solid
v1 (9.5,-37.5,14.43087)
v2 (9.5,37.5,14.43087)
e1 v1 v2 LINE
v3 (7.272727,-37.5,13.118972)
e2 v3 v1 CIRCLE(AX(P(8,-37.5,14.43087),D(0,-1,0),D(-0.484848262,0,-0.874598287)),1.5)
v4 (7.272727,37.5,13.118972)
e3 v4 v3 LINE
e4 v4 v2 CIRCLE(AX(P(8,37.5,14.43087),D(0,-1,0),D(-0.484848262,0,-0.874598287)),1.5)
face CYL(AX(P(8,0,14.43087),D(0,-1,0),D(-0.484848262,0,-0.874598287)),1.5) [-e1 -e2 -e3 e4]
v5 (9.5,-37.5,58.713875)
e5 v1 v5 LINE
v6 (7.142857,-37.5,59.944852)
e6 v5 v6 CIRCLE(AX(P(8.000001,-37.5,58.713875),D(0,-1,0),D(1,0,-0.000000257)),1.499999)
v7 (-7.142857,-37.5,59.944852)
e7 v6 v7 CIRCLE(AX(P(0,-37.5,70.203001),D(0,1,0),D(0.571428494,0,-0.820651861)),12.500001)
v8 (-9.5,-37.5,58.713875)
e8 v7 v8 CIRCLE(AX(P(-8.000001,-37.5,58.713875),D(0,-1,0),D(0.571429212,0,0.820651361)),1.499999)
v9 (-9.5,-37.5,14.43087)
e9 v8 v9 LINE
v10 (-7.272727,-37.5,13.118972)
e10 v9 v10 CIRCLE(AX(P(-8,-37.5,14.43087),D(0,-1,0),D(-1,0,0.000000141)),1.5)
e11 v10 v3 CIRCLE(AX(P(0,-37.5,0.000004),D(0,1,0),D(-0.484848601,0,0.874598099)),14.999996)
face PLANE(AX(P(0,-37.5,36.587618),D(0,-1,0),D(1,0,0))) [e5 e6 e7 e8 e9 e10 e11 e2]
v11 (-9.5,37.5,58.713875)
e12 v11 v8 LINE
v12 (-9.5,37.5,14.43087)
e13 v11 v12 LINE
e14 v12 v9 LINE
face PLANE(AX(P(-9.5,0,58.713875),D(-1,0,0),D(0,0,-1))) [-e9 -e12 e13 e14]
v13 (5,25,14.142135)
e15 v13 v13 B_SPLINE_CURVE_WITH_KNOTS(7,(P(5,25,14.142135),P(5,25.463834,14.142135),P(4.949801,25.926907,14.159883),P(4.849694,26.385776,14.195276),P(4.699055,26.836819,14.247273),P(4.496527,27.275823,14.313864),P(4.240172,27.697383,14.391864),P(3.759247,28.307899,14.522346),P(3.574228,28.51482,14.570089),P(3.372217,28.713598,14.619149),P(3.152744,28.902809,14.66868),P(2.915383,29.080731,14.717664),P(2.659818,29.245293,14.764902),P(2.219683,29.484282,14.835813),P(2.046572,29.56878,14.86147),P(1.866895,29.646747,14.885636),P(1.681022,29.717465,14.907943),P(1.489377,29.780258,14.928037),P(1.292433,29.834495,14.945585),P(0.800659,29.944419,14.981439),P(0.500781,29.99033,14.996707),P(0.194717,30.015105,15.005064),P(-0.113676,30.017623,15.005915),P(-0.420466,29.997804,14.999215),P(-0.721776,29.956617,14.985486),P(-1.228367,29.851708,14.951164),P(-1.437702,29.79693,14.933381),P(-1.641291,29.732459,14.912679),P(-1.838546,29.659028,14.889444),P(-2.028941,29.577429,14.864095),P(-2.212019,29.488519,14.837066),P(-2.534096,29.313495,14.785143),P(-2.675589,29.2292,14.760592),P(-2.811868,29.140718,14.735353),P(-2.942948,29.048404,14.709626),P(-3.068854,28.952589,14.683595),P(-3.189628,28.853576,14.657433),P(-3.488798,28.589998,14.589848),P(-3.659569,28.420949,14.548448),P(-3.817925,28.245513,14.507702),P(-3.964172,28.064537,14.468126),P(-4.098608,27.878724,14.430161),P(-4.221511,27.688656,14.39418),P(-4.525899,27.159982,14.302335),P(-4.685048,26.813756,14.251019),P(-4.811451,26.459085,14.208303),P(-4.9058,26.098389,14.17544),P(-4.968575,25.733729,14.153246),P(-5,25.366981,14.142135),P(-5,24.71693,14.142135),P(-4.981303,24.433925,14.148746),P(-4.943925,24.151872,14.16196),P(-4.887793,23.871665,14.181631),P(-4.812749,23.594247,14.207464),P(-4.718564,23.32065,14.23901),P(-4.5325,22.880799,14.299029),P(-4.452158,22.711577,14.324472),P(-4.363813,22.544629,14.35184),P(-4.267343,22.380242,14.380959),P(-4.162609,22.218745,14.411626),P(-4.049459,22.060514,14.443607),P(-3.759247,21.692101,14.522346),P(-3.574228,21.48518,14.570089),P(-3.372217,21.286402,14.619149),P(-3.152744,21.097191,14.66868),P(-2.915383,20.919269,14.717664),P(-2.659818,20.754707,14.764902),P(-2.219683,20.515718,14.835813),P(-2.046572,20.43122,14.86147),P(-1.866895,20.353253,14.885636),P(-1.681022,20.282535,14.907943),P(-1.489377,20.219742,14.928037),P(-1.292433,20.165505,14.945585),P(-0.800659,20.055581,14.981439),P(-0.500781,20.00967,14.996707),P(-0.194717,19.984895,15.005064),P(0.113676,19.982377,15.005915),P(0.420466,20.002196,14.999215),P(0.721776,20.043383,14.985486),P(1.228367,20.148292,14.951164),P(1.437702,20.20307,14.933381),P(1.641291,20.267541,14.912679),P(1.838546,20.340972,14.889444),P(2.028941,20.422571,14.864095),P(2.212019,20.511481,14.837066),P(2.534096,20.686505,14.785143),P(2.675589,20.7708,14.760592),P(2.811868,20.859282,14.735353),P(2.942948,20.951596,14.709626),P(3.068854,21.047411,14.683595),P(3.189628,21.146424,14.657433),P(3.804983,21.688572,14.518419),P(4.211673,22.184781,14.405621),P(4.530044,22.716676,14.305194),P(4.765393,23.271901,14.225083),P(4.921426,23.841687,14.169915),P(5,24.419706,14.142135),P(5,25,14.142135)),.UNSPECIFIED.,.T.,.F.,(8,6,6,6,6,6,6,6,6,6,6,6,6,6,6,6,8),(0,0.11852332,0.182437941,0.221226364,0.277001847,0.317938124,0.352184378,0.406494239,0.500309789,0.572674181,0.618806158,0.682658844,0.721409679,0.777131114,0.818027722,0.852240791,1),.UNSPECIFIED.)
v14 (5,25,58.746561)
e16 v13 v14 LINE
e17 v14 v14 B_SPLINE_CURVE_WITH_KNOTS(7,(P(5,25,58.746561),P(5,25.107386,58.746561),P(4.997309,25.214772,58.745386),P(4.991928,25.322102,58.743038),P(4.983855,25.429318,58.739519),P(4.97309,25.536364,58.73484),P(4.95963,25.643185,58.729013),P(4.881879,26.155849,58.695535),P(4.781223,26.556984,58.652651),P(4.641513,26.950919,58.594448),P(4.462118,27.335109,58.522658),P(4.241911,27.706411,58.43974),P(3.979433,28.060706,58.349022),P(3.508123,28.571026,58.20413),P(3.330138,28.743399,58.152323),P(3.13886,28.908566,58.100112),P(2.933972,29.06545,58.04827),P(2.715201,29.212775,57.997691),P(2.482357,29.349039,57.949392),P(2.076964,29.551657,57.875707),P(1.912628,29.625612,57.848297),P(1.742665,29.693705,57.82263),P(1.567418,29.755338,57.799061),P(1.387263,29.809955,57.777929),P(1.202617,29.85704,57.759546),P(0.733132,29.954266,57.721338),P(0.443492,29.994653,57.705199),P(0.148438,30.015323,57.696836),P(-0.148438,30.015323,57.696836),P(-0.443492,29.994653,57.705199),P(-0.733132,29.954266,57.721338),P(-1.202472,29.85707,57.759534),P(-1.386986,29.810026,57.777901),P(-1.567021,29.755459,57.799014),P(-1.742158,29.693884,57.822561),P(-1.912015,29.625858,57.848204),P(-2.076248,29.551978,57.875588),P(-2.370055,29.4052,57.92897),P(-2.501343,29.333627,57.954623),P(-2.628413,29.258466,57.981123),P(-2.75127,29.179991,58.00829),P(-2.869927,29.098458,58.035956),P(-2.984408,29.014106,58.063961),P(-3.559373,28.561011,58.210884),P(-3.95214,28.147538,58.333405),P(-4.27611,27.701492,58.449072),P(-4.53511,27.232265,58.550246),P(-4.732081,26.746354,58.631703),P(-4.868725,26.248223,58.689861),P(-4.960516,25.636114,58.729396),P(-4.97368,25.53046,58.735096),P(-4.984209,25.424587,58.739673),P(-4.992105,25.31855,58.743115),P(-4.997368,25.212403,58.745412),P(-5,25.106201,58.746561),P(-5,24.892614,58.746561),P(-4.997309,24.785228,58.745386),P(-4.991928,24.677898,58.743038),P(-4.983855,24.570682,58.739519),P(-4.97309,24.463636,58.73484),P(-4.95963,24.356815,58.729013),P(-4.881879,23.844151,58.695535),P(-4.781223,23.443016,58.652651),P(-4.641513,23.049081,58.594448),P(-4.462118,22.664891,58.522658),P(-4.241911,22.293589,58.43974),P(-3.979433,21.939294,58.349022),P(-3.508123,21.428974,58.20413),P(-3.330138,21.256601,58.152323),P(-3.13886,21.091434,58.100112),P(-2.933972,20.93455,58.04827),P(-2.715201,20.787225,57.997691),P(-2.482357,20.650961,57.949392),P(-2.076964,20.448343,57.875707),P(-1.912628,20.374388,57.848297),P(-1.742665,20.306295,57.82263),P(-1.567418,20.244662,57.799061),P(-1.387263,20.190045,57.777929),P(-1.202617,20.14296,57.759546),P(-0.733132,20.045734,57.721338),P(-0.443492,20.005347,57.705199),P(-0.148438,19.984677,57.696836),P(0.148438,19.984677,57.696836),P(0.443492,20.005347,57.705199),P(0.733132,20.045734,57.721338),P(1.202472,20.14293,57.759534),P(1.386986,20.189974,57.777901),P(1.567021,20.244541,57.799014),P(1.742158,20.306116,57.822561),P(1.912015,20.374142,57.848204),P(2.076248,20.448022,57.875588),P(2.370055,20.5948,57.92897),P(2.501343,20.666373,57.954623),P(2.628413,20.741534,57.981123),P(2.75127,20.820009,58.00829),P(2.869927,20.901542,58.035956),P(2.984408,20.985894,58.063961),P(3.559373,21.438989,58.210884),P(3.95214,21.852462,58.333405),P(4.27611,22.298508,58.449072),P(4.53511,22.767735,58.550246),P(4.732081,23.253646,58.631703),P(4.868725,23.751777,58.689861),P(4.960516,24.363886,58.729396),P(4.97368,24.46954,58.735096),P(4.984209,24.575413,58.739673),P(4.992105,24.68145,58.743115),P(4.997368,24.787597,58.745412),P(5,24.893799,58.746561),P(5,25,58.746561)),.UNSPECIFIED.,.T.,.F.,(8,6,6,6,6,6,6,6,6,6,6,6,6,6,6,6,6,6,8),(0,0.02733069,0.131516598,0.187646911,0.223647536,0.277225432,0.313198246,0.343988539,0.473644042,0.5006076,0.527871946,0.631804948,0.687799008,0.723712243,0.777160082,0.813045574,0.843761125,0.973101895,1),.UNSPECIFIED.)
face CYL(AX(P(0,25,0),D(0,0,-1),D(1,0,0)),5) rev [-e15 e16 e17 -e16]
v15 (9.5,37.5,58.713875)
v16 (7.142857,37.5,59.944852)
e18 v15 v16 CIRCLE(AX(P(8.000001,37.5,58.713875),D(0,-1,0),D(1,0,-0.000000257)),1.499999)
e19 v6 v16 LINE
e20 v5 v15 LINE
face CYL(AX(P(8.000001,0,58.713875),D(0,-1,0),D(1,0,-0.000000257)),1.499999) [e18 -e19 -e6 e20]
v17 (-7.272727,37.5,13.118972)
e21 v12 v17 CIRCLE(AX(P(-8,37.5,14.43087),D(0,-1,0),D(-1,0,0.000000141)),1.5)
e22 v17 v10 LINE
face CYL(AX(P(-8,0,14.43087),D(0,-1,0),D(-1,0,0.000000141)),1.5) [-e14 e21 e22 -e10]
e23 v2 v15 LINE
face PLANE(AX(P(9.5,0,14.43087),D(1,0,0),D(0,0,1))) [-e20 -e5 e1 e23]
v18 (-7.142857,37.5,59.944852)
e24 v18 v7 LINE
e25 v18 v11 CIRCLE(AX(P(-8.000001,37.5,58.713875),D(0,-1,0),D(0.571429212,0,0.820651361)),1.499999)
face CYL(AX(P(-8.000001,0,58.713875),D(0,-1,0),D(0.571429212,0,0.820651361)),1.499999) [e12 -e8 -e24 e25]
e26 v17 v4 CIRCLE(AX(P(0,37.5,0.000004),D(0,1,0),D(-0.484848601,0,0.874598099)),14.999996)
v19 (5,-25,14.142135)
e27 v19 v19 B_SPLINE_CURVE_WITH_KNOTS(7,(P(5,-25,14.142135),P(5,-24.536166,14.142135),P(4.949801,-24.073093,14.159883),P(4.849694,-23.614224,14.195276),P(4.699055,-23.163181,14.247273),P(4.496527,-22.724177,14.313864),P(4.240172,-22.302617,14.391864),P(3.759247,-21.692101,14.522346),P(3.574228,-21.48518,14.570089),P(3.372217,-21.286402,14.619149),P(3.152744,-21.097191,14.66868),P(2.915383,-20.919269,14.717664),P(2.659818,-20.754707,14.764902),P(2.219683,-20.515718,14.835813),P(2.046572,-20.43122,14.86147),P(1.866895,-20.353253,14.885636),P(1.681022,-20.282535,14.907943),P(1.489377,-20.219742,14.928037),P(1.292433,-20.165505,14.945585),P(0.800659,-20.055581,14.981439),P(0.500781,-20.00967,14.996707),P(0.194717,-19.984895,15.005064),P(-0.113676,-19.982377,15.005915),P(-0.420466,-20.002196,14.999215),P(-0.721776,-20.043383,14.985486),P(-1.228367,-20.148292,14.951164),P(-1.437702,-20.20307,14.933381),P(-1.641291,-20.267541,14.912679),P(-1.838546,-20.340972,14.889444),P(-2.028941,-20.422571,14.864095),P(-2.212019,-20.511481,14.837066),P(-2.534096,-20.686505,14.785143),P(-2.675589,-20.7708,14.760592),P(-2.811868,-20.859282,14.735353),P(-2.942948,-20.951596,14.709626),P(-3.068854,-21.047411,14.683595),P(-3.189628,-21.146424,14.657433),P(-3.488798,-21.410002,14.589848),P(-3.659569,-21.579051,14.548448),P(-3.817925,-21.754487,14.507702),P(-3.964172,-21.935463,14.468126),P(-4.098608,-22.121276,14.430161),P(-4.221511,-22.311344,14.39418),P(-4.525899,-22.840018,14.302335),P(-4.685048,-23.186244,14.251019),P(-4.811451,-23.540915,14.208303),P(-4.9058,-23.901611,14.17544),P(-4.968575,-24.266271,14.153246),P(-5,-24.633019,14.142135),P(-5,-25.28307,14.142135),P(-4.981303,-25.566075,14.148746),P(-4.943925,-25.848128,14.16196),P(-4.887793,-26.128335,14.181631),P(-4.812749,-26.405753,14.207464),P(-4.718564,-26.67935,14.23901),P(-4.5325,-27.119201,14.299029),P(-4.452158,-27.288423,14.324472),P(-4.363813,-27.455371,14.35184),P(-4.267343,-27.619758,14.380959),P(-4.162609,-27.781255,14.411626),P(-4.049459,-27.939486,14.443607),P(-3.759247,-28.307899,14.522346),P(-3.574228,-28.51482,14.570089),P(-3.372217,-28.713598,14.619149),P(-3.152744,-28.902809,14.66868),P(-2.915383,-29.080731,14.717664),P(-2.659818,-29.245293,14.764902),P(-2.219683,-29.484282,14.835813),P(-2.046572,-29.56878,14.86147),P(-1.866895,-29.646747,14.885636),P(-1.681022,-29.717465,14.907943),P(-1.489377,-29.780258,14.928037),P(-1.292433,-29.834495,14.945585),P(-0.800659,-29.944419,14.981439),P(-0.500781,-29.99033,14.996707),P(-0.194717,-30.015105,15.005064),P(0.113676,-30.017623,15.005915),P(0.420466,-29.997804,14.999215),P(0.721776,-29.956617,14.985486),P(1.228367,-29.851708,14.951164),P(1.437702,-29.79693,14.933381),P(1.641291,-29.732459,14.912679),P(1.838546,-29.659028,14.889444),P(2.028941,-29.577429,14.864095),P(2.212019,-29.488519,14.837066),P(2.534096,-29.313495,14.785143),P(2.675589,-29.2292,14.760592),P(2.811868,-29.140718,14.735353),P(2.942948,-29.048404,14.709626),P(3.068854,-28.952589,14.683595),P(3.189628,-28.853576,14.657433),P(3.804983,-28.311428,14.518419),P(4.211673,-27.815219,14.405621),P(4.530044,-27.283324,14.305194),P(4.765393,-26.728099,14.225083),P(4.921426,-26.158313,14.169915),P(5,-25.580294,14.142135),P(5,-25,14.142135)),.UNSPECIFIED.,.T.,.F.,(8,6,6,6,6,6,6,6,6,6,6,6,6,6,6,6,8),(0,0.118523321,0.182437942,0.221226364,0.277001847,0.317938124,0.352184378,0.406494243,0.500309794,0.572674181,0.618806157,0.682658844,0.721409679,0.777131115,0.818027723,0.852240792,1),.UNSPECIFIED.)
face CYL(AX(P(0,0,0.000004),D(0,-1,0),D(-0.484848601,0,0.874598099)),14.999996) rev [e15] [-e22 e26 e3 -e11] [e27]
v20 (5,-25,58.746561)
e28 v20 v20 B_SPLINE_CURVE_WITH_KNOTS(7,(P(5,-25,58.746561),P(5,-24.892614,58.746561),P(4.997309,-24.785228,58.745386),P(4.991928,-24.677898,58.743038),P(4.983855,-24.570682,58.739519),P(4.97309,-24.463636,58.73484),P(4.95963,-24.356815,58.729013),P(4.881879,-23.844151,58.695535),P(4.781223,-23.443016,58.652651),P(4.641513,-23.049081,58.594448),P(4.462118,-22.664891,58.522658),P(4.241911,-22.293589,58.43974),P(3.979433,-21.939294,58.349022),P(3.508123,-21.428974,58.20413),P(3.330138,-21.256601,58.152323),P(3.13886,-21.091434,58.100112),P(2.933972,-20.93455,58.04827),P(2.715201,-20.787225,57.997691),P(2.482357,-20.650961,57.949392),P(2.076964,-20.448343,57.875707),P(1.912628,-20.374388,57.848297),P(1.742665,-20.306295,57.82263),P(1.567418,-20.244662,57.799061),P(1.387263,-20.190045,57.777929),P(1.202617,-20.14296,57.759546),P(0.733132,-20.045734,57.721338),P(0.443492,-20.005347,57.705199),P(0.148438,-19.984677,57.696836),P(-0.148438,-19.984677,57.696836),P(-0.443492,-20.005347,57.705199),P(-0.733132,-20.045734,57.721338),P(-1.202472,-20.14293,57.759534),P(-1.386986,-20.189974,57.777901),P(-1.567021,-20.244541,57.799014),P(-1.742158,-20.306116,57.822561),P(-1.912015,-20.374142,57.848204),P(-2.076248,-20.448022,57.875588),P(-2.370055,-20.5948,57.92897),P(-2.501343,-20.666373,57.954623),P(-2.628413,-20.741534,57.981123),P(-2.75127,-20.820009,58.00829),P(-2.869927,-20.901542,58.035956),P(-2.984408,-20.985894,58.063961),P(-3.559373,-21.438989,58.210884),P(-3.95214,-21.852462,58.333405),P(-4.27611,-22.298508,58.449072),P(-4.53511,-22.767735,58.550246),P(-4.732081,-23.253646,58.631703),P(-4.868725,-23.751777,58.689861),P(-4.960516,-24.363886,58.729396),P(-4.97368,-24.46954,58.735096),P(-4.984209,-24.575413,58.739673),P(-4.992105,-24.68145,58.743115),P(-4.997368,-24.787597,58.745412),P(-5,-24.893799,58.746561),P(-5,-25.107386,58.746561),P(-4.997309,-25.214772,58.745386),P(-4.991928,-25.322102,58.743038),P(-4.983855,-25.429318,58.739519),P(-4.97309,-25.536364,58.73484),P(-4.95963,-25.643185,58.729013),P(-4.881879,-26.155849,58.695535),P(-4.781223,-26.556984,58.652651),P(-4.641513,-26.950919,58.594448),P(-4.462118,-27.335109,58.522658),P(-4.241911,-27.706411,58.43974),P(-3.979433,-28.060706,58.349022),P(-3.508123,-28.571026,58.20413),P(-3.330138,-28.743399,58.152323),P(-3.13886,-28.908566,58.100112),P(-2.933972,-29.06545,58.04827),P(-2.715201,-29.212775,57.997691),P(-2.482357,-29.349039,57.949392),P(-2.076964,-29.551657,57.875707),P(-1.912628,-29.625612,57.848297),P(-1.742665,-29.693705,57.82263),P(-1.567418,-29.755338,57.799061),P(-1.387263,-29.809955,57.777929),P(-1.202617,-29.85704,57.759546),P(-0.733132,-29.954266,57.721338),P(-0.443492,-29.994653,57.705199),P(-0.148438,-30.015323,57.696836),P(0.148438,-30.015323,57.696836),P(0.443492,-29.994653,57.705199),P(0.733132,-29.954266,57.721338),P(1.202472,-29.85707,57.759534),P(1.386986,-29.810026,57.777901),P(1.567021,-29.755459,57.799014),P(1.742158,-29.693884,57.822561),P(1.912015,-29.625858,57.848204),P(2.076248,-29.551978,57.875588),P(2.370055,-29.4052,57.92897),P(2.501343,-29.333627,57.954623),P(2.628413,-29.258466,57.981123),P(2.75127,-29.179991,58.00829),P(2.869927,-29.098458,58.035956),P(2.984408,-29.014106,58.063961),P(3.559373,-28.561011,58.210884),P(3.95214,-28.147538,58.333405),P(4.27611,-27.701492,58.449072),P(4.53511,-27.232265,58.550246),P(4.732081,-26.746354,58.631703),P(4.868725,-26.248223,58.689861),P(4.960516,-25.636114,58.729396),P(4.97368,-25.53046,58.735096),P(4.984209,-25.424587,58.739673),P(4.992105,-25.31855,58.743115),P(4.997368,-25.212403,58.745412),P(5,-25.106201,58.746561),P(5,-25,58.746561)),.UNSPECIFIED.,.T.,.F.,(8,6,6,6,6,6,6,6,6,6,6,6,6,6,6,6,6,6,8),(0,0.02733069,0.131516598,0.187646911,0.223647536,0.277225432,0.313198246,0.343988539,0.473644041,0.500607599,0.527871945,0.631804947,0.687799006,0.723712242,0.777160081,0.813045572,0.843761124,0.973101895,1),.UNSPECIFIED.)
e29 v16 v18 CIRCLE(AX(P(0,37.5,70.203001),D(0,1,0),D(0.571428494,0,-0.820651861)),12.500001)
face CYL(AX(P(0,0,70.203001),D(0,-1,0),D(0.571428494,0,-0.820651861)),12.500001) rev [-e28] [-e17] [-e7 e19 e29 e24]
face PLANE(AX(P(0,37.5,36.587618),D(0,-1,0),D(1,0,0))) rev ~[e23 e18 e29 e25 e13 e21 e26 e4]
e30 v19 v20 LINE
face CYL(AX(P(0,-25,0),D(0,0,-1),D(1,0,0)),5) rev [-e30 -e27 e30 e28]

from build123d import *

# Parameters (mm, degrees)
F1_DEPTH = 37.5
F2_R     = 5
F3_DEPTH = 103.7


with BuildPart() as f1:
    # F0 (on Front) → F1 (new body, symmetric)
    with BuildSketch(Plane.XZ):
        with BuildLine():
            ThreePointArc((7.142857, 59.944852), (0, 57.703), (-7.142857, 59.944852))
            ThreePointArc((-7.142857, 59.944852), (-8.694365, 60.043483), (-9.5, 58.713875))
            Line((-9.5, 58.713875), (-9.5, 14.43087))
            ThreePointArc((-9.5, 14.43087), (-8.761279, 13.138409), (-7.272727, 13.118972))
            ThreePointArc((-7.272727, 13.118972), (0, 15), (7.272727, 13.118972))
            ThreePointArc((7.272727, 13.118972), (8.761279, 13.138409), (9.5, 14.43087))
            Line((9.5, 14.43087), (9.5, 58.713875))
            ThreePointArc((9.5, 58.713875), (8.694365, 60.043483), (7.142857, 59.944852))
        make_face()
    extrude(amount=F1_DEPTH, both=True)

    # F2 (on Top) → F3 (cut)
    with BuildSketch(Plane.XY):
        with Locations((0, 25)):
            Circle(F2_R)
        with Locations((0, -25)):
            Circle(F2_R)
    extrude(amount=F3_DEPTH, mode=Mode.SUBTRACT)


solid = f1.part
